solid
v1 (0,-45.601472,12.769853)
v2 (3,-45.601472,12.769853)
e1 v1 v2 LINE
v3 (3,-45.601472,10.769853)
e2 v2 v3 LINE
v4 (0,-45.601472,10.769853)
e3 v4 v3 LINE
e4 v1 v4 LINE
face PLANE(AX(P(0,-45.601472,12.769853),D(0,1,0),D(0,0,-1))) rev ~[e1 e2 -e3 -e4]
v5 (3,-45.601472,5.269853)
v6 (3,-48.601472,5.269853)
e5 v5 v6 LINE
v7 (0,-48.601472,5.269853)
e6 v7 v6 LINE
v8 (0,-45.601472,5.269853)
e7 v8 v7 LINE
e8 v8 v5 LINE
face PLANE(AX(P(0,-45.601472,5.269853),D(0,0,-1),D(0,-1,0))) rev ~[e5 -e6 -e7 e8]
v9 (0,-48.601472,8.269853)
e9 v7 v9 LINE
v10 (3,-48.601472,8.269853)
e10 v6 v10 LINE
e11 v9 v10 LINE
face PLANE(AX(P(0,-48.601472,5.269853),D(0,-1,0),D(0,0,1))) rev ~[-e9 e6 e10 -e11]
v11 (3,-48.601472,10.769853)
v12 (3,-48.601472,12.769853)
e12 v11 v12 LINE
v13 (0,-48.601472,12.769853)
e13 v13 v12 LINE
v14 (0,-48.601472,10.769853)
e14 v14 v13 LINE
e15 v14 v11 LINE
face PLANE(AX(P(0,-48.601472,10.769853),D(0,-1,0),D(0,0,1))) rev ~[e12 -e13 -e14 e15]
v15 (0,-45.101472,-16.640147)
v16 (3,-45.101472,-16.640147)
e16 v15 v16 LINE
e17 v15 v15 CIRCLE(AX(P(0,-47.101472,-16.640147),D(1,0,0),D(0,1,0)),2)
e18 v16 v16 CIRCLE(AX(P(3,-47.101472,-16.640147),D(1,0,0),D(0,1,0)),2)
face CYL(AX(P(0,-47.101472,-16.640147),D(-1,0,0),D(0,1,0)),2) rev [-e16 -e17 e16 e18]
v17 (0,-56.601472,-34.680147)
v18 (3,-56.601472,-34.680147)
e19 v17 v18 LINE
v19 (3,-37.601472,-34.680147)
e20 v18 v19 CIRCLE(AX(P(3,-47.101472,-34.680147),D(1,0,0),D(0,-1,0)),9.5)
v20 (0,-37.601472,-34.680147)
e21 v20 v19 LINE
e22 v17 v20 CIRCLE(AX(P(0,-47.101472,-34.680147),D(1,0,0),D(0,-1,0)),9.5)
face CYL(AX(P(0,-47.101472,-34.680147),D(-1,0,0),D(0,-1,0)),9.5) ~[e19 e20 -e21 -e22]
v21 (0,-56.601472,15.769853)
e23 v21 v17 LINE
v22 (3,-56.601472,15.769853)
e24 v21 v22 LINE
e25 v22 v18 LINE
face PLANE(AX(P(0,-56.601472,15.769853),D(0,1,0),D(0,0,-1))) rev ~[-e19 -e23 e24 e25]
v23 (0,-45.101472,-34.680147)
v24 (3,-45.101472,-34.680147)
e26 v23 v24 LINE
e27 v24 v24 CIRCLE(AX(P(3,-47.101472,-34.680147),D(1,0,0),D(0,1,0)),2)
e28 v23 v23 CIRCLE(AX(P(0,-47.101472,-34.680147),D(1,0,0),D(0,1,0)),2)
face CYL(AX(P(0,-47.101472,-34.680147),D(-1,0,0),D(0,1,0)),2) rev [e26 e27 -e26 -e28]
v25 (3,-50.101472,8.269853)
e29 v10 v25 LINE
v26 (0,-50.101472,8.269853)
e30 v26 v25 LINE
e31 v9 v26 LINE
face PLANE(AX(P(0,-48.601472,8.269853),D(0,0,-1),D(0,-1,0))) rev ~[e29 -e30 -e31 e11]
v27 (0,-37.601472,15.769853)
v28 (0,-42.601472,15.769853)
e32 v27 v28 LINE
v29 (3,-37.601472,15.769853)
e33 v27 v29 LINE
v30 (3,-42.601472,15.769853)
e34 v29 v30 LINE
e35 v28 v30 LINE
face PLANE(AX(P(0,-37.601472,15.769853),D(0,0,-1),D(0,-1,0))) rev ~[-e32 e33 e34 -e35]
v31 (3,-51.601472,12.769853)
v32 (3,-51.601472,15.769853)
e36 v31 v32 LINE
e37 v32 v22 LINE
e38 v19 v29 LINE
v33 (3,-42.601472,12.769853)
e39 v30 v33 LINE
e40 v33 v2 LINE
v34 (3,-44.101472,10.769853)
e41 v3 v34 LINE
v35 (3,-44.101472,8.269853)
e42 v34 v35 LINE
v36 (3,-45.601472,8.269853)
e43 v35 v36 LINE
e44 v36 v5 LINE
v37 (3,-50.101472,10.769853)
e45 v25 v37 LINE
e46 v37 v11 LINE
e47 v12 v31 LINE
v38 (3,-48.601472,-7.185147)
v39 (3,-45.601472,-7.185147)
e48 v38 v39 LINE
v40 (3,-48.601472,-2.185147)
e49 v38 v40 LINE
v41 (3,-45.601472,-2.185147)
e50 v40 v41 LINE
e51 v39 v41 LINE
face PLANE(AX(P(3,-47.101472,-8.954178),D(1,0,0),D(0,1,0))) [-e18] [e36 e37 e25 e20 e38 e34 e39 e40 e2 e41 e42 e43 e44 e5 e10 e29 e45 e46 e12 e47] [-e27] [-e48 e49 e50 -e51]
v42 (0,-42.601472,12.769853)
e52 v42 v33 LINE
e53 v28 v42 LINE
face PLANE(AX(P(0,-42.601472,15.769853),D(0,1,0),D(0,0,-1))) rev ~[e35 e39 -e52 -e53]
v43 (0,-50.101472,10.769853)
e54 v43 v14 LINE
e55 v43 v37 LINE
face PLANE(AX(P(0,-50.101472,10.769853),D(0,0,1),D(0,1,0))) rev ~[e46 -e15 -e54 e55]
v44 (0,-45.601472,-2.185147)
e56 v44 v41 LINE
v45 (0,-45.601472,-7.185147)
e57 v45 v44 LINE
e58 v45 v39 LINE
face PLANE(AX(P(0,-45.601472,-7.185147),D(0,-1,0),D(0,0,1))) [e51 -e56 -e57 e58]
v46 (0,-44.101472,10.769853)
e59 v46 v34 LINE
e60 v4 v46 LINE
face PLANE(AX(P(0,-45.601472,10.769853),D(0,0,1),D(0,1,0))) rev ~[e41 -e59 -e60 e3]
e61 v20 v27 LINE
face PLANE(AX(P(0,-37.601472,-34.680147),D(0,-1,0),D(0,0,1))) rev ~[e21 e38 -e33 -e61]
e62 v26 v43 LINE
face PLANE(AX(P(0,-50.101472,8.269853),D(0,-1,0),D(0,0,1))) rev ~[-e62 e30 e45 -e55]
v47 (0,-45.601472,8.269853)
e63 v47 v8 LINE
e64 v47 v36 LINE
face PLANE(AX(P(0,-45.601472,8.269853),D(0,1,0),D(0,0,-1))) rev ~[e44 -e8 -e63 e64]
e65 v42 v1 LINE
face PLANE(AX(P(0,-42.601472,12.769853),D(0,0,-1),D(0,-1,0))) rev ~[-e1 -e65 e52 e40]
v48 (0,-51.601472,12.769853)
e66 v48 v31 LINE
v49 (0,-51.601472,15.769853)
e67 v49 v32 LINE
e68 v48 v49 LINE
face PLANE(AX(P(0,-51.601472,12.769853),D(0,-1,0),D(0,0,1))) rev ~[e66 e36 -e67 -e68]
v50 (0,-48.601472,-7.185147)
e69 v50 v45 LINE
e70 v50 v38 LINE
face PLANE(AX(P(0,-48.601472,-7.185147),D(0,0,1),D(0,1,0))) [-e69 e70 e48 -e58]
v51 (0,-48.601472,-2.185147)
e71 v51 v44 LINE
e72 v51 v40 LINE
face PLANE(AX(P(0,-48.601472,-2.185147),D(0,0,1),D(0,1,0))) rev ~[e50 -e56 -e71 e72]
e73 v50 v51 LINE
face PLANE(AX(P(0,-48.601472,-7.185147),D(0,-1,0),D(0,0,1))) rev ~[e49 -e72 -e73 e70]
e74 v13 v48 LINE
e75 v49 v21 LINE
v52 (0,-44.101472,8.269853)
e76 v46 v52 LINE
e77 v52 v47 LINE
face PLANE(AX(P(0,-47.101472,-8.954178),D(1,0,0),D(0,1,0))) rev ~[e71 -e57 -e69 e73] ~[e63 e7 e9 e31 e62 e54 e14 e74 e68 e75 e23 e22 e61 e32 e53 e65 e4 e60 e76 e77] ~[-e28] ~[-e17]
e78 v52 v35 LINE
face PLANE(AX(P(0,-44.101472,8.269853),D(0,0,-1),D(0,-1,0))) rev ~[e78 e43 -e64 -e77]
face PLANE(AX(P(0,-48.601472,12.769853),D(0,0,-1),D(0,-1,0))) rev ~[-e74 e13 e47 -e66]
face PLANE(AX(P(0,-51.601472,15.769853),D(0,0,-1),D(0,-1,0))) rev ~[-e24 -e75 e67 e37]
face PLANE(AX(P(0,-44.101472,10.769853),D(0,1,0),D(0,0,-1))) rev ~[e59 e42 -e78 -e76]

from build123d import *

# Parameters (mm, degrees)
F0_R     = 2
F0_W     = 3
F0_H     = 5
F1_DEPTH = 3


with BuildPart() as f1:
    # F0 (on Right) → F1 (new body)
    with BuildSketch(Plane.YZ):
        with BuildLine():
            Line((-51.601472, 15.769853), (-56.601472, 15.769853))
            Line((-56.601472, 15.769853), (-56.601472, -34.680147))
            ThreePointArc((-56.601472, -34.680147), (-47.101472, -44.180147), (-37.601472, -34.680147))
            Line((-37.601472, -34.680147), (-37.601472, 15.769853))
            Line((-37.601472, 15.769853), (-42.601472, 15.769853))
            Line((-42.601472, 15.769853), (-42.601472, 12.769853))
            Line((-42.601472, 12.769853), (-45.601472, 12.769853))
            Line((-45.601472, 12.769853), (-45.601472, 10.769853))
            Line((-45.601472, 10.769853), (-44.101472, 10.769853))
            Line((-44.101472, 10.769853), (-44.101472, 8.269853))
            Line((-44.101472, 8.269853), (-45.601472, 8.269853))
            Line((-45.601472, 8.269853), (-45.601472, 5.269853))
            Line((-45.601472, 5.269853), (-48.601472, 5.269853))
            Line((-48.601472, 5.269853), (-48.601472, 8.269853))
            Line((-48.601472, 8.269853), (-50.101472, 8.269853))
            Line((-50.101472, 8.269853), (-50.101472, 10.769853))
            Line((-50.101472, 10.769853), (-48.601472, 10.769853))
            Line((-48.601472, 10.769853), (-48.601472, 12.769853))
            Line((-48.601472, 12.769853), (-51.601472, 12.769853))
            Line((-51.601472, 12.769853), (-51.601472, 15.769853))
        make_face()
        with Locations((-47.101472, -34.680147)):
            Circle(F0_R, mode=Mode.SUBTRACT)
        with Locations((-47.101472, -16.640147)):
            Circle(F0_R, mode=Mode.SUBTRACT)
        with Locations((-47.101472, -4.685147)):
            Rectangle(F0_W, F0_H, mode=Mode.SUBTRACT)
    extrude(amount=F1_DEPTH)


solid = f1.part
